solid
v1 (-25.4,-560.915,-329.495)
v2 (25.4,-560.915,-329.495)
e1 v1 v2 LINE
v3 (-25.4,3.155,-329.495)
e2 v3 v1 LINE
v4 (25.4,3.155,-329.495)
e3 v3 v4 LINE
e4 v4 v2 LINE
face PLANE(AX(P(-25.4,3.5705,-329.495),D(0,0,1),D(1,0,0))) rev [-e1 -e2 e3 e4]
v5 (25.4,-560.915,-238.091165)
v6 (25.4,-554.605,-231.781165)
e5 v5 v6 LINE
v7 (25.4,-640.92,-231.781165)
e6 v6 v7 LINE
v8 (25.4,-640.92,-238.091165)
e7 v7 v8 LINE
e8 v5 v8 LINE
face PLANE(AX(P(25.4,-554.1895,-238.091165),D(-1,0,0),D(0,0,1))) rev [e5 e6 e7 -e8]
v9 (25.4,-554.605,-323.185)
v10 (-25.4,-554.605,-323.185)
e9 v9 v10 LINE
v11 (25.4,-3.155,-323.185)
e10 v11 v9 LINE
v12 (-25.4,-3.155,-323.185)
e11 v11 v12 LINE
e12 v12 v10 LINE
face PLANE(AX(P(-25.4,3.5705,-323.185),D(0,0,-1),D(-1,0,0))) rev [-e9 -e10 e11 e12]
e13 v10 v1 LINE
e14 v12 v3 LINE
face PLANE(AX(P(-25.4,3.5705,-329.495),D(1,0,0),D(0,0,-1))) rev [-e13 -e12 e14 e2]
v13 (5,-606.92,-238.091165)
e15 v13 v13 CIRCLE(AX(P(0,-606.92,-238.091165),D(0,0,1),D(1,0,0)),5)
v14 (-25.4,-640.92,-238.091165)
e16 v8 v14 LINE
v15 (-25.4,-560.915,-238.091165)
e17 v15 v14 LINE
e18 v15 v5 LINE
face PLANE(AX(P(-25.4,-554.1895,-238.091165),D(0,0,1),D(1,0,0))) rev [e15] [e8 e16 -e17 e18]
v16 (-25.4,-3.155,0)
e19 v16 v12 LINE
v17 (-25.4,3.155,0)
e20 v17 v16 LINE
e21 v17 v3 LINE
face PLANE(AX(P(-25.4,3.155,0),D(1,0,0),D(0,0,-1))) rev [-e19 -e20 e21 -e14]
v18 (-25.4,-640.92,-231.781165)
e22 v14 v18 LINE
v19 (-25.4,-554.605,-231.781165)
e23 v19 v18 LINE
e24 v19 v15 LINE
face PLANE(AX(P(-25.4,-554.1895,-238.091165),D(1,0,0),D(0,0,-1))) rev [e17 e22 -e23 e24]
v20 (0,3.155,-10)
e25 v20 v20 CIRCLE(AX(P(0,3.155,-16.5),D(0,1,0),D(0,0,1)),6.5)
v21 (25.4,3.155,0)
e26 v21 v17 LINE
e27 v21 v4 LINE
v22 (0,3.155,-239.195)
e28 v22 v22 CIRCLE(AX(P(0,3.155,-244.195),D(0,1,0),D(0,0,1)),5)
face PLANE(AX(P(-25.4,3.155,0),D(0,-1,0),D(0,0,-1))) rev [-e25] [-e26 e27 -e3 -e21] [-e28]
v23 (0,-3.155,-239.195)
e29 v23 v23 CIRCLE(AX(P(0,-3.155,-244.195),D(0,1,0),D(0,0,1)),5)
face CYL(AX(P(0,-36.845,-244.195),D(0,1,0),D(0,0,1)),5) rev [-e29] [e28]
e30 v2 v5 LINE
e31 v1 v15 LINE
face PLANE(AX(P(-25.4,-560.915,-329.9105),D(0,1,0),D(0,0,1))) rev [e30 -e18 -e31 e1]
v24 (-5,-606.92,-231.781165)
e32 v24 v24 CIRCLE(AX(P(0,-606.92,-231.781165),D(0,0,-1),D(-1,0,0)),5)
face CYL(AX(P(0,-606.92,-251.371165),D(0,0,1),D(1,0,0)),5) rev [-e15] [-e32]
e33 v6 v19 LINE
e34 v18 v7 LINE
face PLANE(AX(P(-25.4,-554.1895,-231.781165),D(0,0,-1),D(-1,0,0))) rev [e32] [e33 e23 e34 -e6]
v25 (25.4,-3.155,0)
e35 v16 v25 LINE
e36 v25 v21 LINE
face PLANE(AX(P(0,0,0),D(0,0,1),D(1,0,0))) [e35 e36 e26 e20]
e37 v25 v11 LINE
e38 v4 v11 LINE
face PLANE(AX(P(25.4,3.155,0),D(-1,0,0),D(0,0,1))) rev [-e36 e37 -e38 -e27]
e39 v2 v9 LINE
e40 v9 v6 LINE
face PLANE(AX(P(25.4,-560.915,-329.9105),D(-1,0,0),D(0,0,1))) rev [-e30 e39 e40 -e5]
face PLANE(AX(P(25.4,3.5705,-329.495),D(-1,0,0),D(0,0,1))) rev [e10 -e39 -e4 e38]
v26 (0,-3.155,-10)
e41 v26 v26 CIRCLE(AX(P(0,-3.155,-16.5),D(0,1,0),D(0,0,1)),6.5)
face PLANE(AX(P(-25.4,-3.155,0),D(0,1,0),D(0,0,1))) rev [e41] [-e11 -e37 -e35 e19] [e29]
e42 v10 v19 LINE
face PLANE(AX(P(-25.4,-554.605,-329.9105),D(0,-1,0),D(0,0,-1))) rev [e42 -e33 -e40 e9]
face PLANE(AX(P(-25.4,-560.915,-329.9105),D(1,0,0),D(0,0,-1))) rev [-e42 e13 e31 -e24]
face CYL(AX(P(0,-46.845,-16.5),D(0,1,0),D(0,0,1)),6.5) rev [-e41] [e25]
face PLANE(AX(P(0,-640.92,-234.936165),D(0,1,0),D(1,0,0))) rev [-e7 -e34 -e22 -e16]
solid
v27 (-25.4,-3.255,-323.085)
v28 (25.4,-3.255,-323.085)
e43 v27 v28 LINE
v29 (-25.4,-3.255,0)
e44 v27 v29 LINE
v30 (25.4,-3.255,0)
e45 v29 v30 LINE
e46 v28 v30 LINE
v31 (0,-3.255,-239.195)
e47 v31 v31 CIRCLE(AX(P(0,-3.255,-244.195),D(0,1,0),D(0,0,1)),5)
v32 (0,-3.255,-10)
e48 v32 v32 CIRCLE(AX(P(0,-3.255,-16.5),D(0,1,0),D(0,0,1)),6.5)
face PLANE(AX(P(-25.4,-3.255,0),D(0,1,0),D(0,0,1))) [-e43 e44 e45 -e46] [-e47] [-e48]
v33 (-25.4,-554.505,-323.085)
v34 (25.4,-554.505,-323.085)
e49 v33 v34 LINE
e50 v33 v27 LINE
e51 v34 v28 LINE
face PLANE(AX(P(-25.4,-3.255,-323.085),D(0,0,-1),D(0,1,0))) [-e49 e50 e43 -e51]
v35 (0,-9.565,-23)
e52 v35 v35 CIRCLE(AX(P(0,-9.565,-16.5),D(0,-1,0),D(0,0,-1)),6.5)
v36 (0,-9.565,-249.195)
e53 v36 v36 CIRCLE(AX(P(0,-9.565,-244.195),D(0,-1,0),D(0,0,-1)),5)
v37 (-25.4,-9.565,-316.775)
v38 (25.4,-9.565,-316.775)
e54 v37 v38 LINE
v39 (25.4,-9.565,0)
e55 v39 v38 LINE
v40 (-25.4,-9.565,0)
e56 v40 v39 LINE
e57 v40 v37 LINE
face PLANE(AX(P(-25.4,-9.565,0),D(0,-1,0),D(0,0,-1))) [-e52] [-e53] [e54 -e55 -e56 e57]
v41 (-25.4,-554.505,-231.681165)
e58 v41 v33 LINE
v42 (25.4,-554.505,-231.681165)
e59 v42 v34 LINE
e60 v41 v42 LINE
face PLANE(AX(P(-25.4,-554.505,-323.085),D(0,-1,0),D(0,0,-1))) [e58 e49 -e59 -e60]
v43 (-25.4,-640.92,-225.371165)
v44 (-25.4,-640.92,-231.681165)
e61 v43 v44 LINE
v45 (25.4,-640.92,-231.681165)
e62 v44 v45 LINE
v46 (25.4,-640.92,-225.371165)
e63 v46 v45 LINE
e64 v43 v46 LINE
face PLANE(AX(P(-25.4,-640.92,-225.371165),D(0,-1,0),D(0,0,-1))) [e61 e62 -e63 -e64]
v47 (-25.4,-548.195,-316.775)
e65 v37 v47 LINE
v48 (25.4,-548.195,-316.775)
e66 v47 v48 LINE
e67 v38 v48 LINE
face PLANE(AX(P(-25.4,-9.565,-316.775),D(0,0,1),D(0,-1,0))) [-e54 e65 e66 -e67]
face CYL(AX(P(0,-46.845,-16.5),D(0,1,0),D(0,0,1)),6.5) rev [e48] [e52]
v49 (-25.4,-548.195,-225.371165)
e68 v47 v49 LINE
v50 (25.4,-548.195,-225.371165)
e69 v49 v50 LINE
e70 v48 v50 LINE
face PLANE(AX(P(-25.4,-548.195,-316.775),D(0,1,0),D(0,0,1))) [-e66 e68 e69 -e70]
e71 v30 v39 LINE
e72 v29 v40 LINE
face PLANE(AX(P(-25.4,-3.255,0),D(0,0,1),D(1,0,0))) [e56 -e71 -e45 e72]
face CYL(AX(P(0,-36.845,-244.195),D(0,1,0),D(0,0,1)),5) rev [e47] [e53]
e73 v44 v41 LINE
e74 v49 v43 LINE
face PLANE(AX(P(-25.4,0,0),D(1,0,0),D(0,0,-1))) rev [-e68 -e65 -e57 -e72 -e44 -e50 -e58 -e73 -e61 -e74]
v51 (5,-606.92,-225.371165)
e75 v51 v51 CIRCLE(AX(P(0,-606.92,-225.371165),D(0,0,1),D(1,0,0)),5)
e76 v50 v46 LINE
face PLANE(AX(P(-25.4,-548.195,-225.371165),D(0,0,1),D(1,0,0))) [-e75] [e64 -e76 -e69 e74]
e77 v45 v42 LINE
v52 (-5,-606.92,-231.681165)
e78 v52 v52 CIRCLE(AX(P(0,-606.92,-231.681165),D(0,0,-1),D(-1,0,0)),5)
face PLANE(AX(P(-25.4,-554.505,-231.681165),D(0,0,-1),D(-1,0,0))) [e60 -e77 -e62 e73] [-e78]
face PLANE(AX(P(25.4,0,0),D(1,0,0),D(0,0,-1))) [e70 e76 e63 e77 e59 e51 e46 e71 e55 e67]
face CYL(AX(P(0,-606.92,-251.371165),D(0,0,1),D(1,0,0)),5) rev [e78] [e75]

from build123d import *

# Parameters (mm, degrees)
CROQUIS1_W              = 50.8
CROQUIS1_H              = 6.31
SALIENTE_EXTRUIR1_DEPTH = 50.8
CROQUIS4_R              = 5
CORTAR_EXTRUIR2_DEPTH   = 40
CROQUIS6_R              = 6.5
CORTAR_EXTRUIR4_DEPTH   = 50
CROQUIS7_R              = 5
CORTAR_EXTRUIR5_DEPTH   = 26


with BuildPart() as part:
    # Barrer1: sweep along a curve in space
    with BuildLine() as barrer1_path:
        Line((0, 0, 0), (0, 0, -326.34))
        Line((0, 0, -326.34), (0, -557.76, -326.34))
        Line((0, -557.76, -326.34), (0, -557.76, -234.936165))
        Line((0, -557.76, -234.936165), (0, -640.92, -234.936165))
    # Croquis1 → Barrer1 (sweep)
    with BuildSketch(Plane.XY):
        Rectangle(CROQUIS1_W, CROQUIS1_H)
    sweep(path=barrer1_path.line, transition=Transition.RIGHT)


with BuildPart() as body_2:
    # Croquis2 → Saliente-Extruir1 (new body)
    with BuildSketch(Plane(origin=(25.4, 0, 0), x_dir=(0, 0, -1), z_dir=(1, 0, 0))):
        Polygon((0, -3.255), (323.085, -3.255), (323.085, -554.505), (231.681165, -554.505), (231.681165, -640.92), (225.371165, -640.92), (225.371165, -548.195), (316.775, -548.195), (316.775, -9.565), (0, -9.565), align=None)
    extrude(amount=-SALIENTE_EXTRUIR1_DEPTH)


with BuildPart() as cortar_extruir2_tool:
    # Croquis4 → Cortar-Extruir2 (new body)
    with BuildSketch(Plane(origin=(0, 3.155, 0), x_dir=(1, 0, 0), z_dir=(0, 1, 0))):
        with Locations(Location((0, 244.195, 0), (0, 0, 270))):
            Circle(CROQUIS4_R)
    extrude(amount=-CORTAR_EXTRUIR2_DEPTH)


with BuildPart() as part_1:
    add(part.part)

    # Cortar-Extruir2: cut by cortar_extruir2_tool
    add(cortar_extruir2_tool.part, mode=Mode.SUBTRACT)


with BuildPart() as body_2_1:
    add(body_2.part)

    # Cortar-Extruir2: cut by cortar_extruir2_tool
    add(cortar_extruir2_tool.part, mode=Mode.SUBTRACT)


with BuildPart() as cortar_extruir4_tool:
    # Croquis6 → Cortar-Extruir4 (new body)
    with BuildSketch(Plane(origin=(0, 3.155, 0), x_dir=(1, 0, 0), z_dir=(0, 1, 0))):
        with Locations(Location((0, 16.5, 0), (0, 0, 270))):
            Circle(CROQUIS6_R)
    extrude(amount=-CORTAR_EXTRUIR4_DEPTH)


with BuildPart() as part_2:
    add(part_1.part)

    # Cortar-Extruir4: cut by cortar_extruir4_tool
    add(cortar_extruir4_tool.part, mode=Mode.SUBTRACT)


with BuildPart() as body_2_2:
    add(body_2_1.part)

    # Cortar-Extruir4: cut by cortar_extruir4_tool
    add(cortar_extruir4_tool.part, mode=Mode.SUBTRACT)


with BuildPart() as cortar_extruir5_tool:
    # Croquis7 → Cortar-Extruir5 (new body)
    with BuildSketch(Plane.XY.offset(-225.371165)):
        with Locations((0, -606.92)):
            Circle(CROQUIS7_R)
    extrude(amount=-CORTAR_EXTRUIR5_DEPTH)


with BuildPart() as part_3:
    add(part_2.part)

    # Cortar-Extruir5: cut by cortar_extruir5_tool
    add(cortar_extruir5_tool.part, mode=Mode.SUBTRACT)


with BuildPart() as body_2_3:
    add(body_2_2.part)

    # Cortar-Extruir5: cut by cortar_extruir5_tool
    add(cortar_extruir5_tool.part, mode=Mode.SUBTRACT)


solid = Compound([part_3.part, body_2_3.part])
